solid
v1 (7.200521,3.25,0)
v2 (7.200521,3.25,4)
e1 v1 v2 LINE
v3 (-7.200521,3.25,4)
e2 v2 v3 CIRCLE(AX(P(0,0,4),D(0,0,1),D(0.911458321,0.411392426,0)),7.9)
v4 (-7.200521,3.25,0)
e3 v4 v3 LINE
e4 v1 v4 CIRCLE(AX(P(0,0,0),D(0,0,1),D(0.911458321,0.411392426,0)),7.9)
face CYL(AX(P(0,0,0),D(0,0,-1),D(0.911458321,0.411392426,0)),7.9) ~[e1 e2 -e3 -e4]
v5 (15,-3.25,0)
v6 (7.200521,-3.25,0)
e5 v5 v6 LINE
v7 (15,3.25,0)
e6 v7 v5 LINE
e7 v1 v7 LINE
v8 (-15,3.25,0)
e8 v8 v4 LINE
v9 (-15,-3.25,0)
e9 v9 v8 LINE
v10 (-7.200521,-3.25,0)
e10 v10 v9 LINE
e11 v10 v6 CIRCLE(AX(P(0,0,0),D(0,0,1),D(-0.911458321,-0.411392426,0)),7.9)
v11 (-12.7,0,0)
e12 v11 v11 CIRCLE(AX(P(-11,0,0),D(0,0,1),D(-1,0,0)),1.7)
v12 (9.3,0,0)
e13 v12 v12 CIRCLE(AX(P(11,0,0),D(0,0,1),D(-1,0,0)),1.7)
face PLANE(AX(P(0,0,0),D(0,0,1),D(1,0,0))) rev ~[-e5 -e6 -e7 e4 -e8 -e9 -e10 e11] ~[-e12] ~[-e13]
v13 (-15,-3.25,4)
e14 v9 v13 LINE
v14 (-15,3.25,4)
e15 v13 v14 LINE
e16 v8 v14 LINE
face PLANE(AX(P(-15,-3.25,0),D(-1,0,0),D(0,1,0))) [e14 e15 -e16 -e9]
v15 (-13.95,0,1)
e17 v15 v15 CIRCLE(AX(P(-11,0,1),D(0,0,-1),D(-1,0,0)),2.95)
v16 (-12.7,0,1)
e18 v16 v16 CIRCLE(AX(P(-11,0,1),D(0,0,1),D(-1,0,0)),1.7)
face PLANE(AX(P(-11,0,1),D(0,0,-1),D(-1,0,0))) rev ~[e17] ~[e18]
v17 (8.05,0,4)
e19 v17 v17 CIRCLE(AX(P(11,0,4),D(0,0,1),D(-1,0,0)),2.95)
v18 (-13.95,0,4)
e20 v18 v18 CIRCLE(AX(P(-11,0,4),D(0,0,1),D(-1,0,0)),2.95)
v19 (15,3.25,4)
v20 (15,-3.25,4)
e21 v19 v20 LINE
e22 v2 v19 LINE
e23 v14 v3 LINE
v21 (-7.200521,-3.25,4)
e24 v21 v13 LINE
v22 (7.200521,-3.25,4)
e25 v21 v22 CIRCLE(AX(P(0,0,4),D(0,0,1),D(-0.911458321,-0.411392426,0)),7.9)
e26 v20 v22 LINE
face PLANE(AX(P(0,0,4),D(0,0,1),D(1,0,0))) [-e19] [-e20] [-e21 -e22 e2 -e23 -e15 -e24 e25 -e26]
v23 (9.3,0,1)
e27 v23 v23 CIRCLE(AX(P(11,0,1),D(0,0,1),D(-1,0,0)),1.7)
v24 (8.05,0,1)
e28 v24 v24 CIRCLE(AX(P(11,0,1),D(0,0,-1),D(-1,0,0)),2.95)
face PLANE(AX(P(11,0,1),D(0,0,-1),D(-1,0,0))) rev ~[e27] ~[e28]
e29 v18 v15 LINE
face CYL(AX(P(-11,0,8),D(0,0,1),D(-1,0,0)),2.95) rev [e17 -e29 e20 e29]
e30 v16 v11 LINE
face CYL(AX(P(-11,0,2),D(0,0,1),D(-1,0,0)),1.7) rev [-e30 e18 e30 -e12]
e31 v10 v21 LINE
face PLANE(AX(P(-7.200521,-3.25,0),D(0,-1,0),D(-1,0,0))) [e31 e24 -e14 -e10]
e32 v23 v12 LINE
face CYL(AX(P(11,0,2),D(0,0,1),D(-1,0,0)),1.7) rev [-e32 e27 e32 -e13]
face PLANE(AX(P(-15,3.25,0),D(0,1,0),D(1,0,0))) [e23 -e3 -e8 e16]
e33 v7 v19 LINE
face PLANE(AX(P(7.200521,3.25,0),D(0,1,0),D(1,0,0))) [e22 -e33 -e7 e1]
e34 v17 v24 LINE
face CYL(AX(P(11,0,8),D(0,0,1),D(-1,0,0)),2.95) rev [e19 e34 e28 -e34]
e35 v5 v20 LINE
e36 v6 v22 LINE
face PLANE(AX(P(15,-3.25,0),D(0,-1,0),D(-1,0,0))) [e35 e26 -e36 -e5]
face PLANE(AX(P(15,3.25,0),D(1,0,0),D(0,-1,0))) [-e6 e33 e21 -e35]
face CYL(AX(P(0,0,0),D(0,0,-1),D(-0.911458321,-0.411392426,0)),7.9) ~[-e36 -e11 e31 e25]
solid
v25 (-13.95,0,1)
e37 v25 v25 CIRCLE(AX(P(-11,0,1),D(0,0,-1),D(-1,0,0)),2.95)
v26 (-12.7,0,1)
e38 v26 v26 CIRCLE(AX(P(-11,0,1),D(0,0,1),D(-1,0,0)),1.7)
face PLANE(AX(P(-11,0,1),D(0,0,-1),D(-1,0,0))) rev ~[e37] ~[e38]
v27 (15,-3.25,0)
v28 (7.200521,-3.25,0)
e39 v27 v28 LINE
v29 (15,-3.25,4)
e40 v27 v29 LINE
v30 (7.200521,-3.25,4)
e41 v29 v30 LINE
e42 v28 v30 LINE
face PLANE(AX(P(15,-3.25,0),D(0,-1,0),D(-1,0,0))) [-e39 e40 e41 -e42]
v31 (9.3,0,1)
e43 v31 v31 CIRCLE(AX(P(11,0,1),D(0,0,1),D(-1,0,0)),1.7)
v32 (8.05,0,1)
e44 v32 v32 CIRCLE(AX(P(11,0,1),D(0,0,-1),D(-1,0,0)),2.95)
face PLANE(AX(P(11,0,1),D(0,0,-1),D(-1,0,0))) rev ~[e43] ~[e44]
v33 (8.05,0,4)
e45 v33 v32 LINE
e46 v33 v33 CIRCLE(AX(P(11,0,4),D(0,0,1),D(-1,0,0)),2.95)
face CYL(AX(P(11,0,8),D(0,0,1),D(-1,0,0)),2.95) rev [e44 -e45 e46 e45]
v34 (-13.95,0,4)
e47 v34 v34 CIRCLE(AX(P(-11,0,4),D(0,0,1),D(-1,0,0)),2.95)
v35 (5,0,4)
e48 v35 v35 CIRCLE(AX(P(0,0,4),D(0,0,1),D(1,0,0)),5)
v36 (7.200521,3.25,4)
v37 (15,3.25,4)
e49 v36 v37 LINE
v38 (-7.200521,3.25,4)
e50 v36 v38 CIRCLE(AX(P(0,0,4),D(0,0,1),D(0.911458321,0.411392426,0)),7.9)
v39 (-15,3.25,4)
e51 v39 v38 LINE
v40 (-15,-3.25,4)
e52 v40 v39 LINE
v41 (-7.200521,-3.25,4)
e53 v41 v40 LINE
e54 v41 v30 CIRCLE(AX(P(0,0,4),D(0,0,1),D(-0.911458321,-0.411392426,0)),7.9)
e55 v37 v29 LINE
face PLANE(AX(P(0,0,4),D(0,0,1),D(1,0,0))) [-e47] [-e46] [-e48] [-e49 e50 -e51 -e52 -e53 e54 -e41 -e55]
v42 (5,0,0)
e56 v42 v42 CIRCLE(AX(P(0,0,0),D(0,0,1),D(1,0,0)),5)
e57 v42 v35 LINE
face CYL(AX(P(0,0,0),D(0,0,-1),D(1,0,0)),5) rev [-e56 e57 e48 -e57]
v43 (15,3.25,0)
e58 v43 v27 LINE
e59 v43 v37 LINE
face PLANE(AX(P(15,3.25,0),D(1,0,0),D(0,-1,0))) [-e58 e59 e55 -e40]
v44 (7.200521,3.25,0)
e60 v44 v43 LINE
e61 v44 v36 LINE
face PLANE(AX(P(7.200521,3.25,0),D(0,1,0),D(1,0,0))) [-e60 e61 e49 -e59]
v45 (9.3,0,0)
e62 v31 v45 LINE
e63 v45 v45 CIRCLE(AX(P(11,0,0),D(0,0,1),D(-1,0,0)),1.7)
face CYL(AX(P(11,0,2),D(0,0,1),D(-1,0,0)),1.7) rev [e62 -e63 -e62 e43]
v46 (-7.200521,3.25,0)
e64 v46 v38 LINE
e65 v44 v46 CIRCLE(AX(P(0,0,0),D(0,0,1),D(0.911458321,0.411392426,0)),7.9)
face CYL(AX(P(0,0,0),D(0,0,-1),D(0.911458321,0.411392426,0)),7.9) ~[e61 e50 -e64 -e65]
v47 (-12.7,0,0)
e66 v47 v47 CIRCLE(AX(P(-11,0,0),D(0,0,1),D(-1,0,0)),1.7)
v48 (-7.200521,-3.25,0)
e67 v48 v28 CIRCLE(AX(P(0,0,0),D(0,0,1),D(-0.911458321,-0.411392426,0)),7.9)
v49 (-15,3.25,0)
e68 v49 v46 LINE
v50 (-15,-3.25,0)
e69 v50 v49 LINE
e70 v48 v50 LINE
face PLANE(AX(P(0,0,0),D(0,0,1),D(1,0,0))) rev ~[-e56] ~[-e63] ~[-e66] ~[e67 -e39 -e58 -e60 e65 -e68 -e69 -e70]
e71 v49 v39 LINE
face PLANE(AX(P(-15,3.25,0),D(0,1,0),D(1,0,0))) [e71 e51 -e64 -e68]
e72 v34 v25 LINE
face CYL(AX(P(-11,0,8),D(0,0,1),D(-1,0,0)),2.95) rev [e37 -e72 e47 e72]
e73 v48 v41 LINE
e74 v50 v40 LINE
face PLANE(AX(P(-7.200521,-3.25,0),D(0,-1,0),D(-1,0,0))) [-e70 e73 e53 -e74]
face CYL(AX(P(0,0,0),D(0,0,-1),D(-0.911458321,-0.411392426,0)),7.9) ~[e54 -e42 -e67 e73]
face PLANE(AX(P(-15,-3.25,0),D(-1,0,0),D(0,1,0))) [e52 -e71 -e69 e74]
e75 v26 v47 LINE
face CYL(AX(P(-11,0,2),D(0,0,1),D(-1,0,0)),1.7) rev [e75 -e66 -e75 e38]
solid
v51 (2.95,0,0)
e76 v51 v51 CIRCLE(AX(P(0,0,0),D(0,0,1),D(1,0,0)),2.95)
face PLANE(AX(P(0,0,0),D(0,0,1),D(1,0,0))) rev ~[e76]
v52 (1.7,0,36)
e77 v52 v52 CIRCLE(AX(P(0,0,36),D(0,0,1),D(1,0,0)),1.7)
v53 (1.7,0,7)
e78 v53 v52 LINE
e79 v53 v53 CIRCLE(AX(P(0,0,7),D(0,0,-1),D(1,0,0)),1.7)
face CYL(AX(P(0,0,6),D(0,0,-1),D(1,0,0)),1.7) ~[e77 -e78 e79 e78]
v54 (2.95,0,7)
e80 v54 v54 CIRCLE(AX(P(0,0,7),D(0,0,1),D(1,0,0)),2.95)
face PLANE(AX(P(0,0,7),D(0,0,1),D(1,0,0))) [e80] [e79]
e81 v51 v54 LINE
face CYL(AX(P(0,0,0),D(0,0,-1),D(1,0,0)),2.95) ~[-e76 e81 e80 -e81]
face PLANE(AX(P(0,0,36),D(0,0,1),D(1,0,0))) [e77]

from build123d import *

# Parameters (mm, degrees)
CYLINDER_R               = 2.95
CYLINDER_DEPTH           = 7
CYLINDER001_R            = 1.7
CYLINDER001_DEPTH        = 30
CLONE060_PLACEMENT_ANGLE = 180
CLONE059_PLACEMENT_ANGLE = 180
PAD010_DEPTH             = 4
CYLINDER1032_R           = 5
CYLINDER1032_DEPTH       = 4


with BuildPart() as m3bolthead:
    # Cylinder → Cylinder (new body)
    with BuildSketch(Plane.XY):
        Circle(CYLINDER_R)
    extrude(amount=CYLINDER_DEPTH)


with BuildPart() as m3bolt:
    # Cylinder001 → Cylinder001 (new body)
    with BuildSketch(Plane.XY.offset(6)):
        Circle(CYLINDER001_R)
    extrude(amount=CYLINDER001_DEPTH)

    # Fusion: union M3BoltHead
    add(m3bolthead.part)


with BuildPart() as clone_of_m3bolt020:
    # Clone060 base: copy of M3Bolt
    add(m3bolt.part)


with BuildPart() as clone_of_m3bolt020_1:
    # Clone060 placement: moved
    add(clone_of_m3bolt020.part.moved(Location((-11, 0, 8))).rotate(Axis((-11, 0, 8), (0, 1, 0)), CLONE060_PLACEMENT_ANGLE))


with BuildPart() as fusion020:
    # Clone059 base: copy of M3Bolt
    add(m3bolt.part)


with BuildPart() as fusion020_1:
    # Clone059 placement: moved
    add(fusion020.part.moved(Location((11, 0, 8))).rotate(Axis((11, 0, 8), (0, 1, 0)), CLONE059_PLACEMENT_ANGLE))

    # Fusion020: union Clone of M3Bolt020
    add(clone_of_m3bolt020_1.part)


with BuildPart() as f_622zzbearingfixmasterext:
    # Sketch017 → Pad010 (new body)
    with BuildSketch(Plane.XY):
        with BuildLine():
            ThreePointArc((-7.200521, -3.25), (0, -7.9), (7.200521, -3.25))
            Line((15, -3.25), (7.200521, -3.25))
            Line((15, 3.25), (15, -3.25))
            Line((7.200521, 3.25), (15, 3.25))
            ThreePointArc((7.200521, 3.25), (0, 7.9), (-7.200521, 3.25))
            Line((-15, 3.25), (-7.200521, 3.25))
            Line((-15, -3.25), (-15, 3.25))
            Line((-7.200521, -3.25), (-15, -3.25))
        make_face()
    extrude(amount=PAD010_DEPTH)

    # Cut021: cut Fusion020
    add(fusion020_1.part, mode=Mode.SUBTRACT)


with BuildPart() as cylinder1074:
    # Cylinder1032 → Cylinder1032 (new body)
    with BuildSketch(Plane.XY):
        Circle(CYLINDER1032_R)
    extrude(amount=CYLINDER1032_DEPTH)


with BuildPart() as f_625zzbearingfixthrough:
    # Clone312 base: copy of 622zzBearingFixMasterExt
    add(f_622zzbearingfixmasterext.part)

    # Cut092: cut Cylinder1074
    add(cylinder1074.part, mode=Mode.SUBTRACT)


solid = Compound([m3bolt.part, f_622zzbearingfixmasterext.part, f_625zzbearingfixthrough.part])
